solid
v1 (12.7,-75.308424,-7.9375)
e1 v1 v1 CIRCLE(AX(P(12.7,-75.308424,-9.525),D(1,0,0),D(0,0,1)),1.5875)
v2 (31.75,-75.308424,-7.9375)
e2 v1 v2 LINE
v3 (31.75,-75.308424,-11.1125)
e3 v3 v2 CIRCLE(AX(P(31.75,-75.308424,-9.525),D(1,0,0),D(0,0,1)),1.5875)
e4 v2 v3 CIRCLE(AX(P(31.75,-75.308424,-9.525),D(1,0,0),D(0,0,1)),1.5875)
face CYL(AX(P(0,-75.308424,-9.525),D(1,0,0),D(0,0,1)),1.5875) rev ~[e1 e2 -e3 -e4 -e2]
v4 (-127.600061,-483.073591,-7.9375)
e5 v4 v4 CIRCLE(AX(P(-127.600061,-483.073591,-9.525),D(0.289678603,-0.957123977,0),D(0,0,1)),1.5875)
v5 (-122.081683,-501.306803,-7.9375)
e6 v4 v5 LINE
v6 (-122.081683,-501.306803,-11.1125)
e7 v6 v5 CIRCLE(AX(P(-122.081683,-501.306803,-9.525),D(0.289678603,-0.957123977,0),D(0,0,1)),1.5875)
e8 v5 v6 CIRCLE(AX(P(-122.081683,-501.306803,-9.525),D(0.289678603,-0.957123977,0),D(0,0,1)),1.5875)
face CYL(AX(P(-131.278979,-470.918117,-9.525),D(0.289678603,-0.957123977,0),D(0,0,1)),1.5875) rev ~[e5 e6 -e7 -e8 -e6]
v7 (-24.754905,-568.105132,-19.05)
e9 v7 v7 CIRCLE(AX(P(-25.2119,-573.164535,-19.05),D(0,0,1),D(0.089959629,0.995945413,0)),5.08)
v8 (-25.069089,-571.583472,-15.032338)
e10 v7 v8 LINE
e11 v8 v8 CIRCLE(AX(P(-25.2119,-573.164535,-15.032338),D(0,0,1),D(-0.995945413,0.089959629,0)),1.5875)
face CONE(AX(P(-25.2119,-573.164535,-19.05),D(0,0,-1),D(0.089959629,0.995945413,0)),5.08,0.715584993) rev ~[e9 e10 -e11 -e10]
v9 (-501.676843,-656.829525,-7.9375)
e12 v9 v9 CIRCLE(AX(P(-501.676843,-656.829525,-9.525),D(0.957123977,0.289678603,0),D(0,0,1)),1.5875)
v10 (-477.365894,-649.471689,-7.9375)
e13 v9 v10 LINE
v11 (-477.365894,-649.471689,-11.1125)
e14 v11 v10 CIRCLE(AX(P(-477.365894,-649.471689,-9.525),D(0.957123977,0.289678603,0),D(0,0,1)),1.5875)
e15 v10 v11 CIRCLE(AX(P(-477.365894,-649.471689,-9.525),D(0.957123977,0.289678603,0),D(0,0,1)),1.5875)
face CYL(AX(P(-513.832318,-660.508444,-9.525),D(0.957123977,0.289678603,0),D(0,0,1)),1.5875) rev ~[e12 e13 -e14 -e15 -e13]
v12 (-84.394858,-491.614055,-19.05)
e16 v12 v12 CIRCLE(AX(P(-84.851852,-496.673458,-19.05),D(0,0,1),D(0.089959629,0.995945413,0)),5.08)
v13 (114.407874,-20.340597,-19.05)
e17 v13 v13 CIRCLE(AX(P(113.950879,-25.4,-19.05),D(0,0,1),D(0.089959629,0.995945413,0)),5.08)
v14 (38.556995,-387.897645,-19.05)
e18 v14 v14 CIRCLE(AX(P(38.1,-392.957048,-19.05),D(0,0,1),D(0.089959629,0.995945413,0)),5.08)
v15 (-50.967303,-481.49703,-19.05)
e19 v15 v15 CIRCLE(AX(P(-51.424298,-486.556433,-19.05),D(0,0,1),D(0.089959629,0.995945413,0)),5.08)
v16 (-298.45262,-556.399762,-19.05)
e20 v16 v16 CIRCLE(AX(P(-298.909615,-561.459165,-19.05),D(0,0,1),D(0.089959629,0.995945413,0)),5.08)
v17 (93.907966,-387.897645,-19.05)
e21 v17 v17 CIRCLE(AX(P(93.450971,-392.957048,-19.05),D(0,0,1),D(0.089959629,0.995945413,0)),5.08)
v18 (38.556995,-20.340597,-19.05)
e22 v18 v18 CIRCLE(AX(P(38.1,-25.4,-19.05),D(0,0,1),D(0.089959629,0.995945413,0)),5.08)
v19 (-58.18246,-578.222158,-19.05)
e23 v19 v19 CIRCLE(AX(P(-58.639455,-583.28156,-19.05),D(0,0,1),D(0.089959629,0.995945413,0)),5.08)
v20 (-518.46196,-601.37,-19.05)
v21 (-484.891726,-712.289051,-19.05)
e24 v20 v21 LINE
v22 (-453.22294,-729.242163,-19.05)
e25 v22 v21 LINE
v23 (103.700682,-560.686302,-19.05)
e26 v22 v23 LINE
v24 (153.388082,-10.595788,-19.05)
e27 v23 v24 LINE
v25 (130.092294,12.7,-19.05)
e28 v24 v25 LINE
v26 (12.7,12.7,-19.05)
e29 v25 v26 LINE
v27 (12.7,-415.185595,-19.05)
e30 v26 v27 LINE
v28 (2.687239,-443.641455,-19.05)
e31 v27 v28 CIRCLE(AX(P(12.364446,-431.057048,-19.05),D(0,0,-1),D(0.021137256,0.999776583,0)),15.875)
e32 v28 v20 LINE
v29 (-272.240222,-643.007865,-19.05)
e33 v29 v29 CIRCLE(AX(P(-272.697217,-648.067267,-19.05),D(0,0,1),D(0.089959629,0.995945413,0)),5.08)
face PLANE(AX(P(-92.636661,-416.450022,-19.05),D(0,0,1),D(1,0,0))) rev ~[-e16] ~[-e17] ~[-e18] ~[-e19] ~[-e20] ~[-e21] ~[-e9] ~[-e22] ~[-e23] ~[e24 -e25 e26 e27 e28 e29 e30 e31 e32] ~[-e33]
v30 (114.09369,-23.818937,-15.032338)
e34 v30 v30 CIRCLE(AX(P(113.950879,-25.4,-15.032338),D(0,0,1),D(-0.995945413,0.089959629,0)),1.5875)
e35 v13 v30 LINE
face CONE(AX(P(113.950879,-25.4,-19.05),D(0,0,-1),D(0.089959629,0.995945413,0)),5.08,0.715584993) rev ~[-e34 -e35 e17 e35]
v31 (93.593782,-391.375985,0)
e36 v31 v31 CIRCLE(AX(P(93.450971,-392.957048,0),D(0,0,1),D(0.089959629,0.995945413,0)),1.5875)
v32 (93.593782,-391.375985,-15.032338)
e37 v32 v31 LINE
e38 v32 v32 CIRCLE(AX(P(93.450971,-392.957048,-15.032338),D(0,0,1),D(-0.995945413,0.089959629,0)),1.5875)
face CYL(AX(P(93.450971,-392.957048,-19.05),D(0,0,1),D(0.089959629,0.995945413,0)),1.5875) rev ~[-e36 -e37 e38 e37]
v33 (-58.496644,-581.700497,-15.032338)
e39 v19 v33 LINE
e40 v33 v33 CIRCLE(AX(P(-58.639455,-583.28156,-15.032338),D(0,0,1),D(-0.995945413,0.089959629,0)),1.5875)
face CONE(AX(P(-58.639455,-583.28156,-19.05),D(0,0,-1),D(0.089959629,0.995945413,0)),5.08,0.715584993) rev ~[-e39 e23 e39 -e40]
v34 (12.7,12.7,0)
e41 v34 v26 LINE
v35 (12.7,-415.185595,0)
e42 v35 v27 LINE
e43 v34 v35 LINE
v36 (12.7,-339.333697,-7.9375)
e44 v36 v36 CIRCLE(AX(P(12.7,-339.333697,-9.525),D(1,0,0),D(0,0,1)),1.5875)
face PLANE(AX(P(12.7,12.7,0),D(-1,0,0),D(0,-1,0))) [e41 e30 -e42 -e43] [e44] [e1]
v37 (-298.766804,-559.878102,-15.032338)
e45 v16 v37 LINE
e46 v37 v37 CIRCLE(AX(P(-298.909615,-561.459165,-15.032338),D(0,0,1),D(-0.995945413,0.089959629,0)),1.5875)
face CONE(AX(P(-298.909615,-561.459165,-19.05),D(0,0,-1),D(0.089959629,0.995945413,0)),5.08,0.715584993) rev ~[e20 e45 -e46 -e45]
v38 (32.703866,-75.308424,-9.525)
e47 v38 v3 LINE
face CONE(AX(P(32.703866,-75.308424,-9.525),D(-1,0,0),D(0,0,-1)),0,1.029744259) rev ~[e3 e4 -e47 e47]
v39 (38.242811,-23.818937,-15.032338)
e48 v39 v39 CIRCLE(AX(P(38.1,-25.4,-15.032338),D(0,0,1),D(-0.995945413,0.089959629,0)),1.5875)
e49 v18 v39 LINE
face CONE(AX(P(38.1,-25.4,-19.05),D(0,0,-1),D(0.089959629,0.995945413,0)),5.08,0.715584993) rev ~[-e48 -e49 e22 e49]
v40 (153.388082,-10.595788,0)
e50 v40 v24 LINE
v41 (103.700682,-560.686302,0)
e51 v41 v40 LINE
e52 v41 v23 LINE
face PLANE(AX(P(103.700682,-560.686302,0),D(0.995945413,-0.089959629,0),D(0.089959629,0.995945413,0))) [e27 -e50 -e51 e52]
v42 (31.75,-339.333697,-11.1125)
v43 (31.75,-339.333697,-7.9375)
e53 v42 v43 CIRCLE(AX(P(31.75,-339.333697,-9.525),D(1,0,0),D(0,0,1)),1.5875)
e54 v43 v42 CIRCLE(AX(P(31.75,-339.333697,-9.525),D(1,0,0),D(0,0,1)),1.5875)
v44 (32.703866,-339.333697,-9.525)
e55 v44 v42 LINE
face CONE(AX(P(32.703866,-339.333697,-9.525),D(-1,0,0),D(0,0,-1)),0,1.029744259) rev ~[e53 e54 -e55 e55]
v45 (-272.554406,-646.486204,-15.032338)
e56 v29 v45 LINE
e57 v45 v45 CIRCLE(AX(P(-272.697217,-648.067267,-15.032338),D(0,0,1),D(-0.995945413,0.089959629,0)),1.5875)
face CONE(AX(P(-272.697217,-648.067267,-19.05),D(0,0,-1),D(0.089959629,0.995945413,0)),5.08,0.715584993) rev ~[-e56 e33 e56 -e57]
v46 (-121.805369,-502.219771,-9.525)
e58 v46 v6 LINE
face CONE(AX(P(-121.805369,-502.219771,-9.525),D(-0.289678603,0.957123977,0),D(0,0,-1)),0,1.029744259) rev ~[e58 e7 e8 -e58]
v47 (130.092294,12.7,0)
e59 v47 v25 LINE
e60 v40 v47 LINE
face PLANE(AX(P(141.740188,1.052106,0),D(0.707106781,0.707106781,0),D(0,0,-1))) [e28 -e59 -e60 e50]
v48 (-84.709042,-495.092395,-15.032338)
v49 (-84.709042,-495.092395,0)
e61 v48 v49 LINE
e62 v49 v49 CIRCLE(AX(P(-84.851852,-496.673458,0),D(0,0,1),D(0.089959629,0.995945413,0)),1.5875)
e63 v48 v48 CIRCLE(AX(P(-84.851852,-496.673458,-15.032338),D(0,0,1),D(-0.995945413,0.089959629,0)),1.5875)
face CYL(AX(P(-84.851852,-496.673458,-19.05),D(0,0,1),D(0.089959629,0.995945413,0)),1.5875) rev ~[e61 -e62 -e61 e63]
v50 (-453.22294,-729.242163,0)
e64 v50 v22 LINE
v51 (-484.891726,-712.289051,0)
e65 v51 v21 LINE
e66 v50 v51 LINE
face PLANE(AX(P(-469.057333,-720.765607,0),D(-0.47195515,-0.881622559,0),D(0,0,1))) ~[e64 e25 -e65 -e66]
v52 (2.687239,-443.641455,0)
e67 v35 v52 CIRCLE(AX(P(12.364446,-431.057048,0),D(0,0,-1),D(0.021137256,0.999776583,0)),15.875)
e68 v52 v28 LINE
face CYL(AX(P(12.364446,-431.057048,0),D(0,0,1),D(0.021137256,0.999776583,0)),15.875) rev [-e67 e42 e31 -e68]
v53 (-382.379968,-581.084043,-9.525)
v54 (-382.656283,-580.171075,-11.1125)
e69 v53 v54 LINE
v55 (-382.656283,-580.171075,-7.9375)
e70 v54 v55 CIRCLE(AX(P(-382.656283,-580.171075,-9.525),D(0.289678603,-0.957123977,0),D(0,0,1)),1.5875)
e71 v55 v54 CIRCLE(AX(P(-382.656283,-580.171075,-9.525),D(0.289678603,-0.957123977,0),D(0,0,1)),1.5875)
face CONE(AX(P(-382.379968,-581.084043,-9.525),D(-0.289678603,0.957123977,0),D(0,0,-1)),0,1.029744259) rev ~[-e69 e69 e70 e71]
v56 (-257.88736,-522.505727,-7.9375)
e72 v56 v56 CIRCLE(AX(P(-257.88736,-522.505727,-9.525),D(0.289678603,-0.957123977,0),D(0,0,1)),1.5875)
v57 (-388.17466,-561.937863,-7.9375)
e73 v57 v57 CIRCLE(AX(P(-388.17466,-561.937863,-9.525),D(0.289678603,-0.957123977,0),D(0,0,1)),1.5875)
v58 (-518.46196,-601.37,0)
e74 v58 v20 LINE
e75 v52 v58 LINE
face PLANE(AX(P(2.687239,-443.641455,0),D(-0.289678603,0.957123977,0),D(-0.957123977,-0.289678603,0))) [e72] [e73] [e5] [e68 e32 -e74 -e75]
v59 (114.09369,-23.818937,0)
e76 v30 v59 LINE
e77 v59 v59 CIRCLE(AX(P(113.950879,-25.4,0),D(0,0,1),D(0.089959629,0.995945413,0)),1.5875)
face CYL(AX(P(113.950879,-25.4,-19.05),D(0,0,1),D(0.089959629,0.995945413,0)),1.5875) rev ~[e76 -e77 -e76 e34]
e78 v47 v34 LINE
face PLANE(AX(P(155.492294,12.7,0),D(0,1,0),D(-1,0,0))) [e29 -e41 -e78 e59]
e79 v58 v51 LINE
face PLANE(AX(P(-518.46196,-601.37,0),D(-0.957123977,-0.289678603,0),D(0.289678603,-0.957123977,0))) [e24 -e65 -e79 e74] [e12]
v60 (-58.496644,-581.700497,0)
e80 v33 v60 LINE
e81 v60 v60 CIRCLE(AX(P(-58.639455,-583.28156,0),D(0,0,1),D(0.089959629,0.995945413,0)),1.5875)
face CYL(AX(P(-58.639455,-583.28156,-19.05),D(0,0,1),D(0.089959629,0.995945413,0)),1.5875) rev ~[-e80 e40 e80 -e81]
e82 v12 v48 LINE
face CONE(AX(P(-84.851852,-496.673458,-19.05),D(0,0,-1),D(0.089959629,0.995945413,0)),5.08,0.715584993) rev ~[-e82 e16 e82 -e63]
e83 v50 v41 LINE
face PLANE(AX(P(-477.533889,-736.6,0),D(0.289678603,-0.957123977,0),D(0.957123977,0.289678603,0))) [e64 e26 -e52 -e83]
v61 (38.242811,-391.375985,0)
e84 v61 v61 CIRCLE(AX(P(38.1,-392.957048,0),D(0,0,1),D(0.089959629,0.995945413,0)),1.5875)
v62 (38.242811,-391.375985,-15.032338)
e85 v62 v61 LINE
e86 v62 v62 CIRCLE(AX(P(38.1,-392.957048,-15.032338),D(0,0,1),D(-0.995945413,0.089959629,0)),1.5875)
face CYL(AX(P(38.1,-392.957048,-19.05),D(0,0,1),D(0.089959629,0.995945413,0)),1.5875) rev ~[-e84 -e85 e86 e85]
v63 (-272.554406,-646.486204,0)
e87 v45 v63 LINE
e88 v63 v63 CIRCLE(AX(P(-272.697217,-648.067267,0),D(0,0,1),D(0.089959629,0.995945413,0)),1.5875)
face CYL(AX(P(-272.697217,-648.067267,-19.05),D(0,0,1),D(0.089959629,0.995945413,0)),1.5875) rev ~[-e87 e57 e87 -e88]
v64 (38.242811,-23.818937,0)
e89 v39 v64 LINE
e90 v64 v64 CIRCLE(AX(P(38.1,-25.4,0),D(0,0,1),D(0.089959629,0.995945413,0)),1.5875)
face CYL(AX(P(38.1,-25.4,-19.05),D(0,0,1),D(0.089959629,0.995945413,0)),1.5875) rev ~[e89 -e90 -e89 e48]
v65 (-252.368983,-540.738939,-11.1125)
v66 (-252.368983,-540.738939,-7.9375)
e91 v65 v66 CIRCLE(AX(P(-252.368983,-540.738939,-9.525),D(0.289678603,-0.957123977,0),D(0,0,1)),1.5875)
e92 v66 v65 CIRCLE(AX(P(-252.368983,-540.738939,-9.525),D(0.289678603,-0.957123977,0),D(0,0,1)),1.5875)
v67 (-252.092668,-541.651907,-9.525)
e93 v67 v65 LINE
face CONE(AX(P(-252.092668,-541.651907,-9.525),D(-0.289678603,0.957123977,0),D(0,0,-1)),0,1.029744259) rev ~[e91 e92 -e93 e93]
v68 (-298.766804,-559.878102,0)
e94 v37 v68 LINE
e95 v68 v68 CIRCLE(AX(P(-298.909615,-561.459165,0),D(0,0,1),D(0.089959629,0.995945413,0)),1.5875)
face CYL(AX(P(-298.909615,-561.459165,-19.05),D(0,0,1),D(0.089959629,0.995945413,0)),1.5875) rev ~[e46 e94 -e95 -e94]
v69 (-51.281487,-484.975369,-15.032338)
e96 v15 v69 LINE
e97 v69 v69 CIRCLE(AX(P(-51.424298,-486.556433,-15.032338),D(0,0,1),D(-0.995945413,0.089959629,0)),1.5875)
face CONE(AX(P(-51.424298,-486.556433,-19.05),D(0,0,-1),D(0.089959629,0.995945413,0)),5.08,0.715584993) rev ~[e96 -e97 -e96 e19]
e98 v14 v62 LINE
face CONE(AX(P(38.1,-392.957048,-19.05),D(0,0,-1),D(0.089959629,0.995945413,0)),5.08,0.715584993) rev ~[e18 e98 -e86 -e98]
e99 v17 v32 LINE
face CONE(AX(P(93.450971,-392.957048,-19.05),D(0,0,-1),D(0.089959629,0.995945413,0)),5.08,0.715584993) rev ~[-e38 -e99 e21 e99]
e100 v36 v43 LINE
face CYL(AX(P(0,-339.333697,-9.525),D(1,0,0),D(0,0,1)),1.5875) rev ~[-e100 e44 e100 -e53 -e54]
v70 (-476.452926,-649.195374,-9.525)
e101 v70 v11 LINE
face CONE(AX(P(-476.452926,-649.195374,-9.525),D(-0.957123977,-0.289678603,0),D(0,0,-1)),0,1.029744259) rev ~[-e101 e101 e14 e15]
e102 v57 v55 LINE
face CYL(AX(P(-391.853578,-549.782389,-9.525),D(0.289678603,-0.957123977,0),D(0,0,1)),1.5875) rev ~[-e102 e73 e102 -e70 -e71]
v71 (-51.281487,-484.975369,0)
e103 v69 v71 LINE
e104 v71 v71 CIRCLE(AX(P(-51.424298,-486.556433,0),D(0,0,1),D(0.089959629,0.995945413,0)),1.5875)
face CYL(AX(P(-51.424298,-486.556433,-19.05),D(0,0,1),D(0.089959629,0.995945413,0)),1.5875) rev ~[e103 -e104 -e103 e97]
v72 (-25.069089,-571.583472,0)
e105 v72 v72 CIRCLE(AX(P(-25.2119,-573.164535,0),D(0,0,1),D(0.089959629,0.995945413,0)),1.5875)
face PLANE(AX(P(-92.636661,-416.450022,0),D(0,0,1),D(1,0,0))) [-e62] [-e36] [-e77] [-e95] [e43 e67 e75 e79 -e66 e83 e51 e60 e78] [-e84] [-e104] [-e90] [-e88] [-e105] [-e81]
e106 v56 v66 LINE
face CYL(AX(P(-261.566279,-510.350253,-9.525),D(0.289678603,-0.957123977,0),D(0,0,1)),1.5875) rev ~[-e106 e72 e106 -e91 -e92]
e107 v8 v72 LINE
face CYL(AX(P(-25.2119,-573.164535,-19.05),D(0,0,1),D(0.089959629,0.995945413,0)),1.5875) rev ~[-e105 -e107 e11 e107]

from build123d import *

# Parameters (mm, degrees)
BOSS_EXTRUDE1_DEPTH  = 19.05
CHAMFER1_SIZE2       = 25.4
CHAMFER1_SIZE        = 23.3906272
CHAMFER1_EDGE_2_SIZE = 25.4
HOLE2_D              = 3.175
HOLE2_DEPTH          = 31.75
HOLE2_CSINK_D        = 10.16
HOLE2_CSINK_ANGLE    = 82
HOLE2_TIP            = 0.953866233
HOLE4_D              = 3.175
HOLE4_DEPTH          = 31.75
HOLE4_CSINK_D        = 10.16
HOLE4_CSINK_ANGLE    = 82
HOLE4_TIP            = 0.953866233
HOLE5_D              = 3.175
HOLE5_DEPTH          = 38.1
HOLE5_CSINK_D        = 10.16
HOLE5_CSINK_ANGLE    = 82
HOLE5_TIP            = 0.953866233
HOLE6_D              = 3.175
HOLE6_DEPTH          = 38.1
HOLE6_CSINK_D        = 10.16
HOLE6_CSINK_ANGLE    = 82
HOLE6_TIP            = 0.953866233


with BuildPart() as part:
    # Sketch1 → Boss-Extrude1 (new body)
    with BuildSketch(Plane.XY):
        with BuildLine():
            Line((12.7, 12.7), (12.7, -415.185594934))
            ThreePointArc((12.7, -415.185594934), (27.339445595, -436.32629993), (2.687239133, -443.641454859))
            Line((2.687239133, -443.641454859), (-518.461959982, -601.369999539))
            Line((-518.461959982, -601.369999539), (-477.533889468, -736.6))
            Line((-477.533889468, -736.6), (103.700681611, -560.686301639))
            Line((103.700681611, -560.686301639), (155.492294041, 12.7))
            Line((155.492294041, 12.7), (12.7, 12.7))
        make_face()
    extrude(amount=-BOSS_EXTRUDE1_DEPTH)

    # Chamfer1
    chamfer1_edges = [part.edges().sort_by_distance(p)[0] for p in [
        (155.492294041, 12.7, -9.525),
    ]]
    chamfer(chamfer1_edges, length=CHAMFER1_SIZE, length2=CHAMFER1_SIZE2)

    # Chamfer1 edge 2
    chamfer1_edge_2_edges = [part.edges().sort_by_distance(p)[0] for p in [
        (-477.533889468, -736.6, -9.525),
    ]]
    chamfer(chamfer1_edge_2_edges, length=CHAMFER1_EDGE_2_SIZE)

    # Hole2
    with Locations(Plane(origin=(0, 10.424290059, 165.474999994), x_dir=(0, 0, -1), z_dir=(-1, 0, 0))):
        with Locations((-155.949999994, 107.734820482), (155.949999994, 107.734820482), (155.949999994, 327.755881328), (174.999999994, 85.732714397), (174.999999994, 349.757987412), (-174.999999994, 349.757987412), (-174.999999994, 85.732714397), (-155.949999994, 327.755881328)):
            CounterSinkHole(HOLE2_D / 2, HOLE2_CSINK_D / 2, depth=HOLE2_DEPTH, counter_sink_angle=HOLE2_CSINK_ANGLE)
            with Locations((0, 0, -(HOLE2_DEPTH + HOLE2_TIP / 2))):  # 118° drill point
                Cone(0, HOLE2_D / 2, HOLE2_TIP, mode=Mode.SUBTRACT)

    # Hole4
    with Locations(Plane(origin=(264.696145853, -351.07416346, 165.474999994), x_dir=(0, 0, -1), z_dir=(-0.289678603, 0.957123977, 0))):
        with Locations((174.999999994, 685.961004241), (174.999999994, 549.837259632), (174.999999994, 413.713515022), (81.549999997, 779.649723129), (81.549999997, 652.344645962), (62.499999997, 662.953402392), (62.499999997, 769.040966698), (-62.499999997, 769.040966698), (-62.499999997, 662.953402392), (-81.549999997, 652.344645962), (-81.549999997, 779.649723129), (-174.999999994, 413.713515022), (-174.999999994, 549.837259632), (-174.999999994, 685.961004241), (-82.737499997, 600.384620239), (0, 600.384620239), (82.737499997, 600.384620239), (0, 376.737770337), (-82.737499997, 376.737770337), (82.737499997, 376.737770337)):
            CounterSinkHole(HOLE4_D / 2, HOLE4_CSINK_D / 2, depth=HOLE4_DEPTH, counter_sink_angle=HOLE4_CSINK_ANGLE)
            with Locations((0, 0, -(HOLE4_DEPTH + HOLE4_TIP / 2))):  # 118° drill point
                Cone(0, HOLE4_D / 2, HOLE4_TIP, mode=Mode.SUBTRACT)

    # Hole5
    with Locations(Plane(origin=(155.286738577, 10.424290059, -19.05), x_dir=(-0.089959629, -0.995945413, 0), z_dir=(0, 0, -1))):
        with Locations((46.221112845, 113.488854888), (39.39759596, 37.945520226), (412.28786892, 80.423559293), (407.308516105, 25.297013484), (513.561319184, 161.164706775), (597.46020397, 127.267357003), (610.543339245, 159.649253123), (694.322923815, 367.011001477), (526.644454459, 193.546602895), (610.424039029, 400.908351249)):
            CounterSinkHole(HOLE5_D / 2, HOLE5_CSINK_D / 2, depth=HOLE5_DEPTH, counter_sink_angle=HOLE5_CSINK_ANGLE)
            with Locations((0, 0, -(HOLE5_DEPTH + HOLE5_TIP / 2))):  # 118° drill point
                Cone(0, HOLE5_D / 2, HOLE5_TIP, mode=Mode.SUBTRACT)

    # Hole6
    with Locations(Plane(origin=(-643.705760022, -231.394989772, 165.474999994), x_dir=(0, 0, -1), z_dir=(-0.957123977, -0.289678603, 0))):
        with Locations((-108.649999997, 332.89193461), (108.649999997, 332.89193461), (207.774999994, 332.89193461), (174.999999994, 448.336332751), (135.266666663, 384.042401694), (176.283333328, 384.042401694), (-174.999999994, 448.336332751), (-135.266666663, 384.042401694), (-176.283333328, 384.042401694), (-207.774999994, 332.89193461)):
            CounterSinkHole(HOLE6_D / 2, HOLE6_CSINK_D / 2, depth=HOLE6_DEPTH, counter_sink_angle=HOLE6_CSINK_ANGLE)
            with Locations((0, 0, -(HOLE6_DEPTH + HOLE6_TIP / 2))):  # 118° drill point
                Cone(0, HOLE6_D / 2, HOLE6_TIP, mode=Mode.SUBTRACT)


solid = part.part
